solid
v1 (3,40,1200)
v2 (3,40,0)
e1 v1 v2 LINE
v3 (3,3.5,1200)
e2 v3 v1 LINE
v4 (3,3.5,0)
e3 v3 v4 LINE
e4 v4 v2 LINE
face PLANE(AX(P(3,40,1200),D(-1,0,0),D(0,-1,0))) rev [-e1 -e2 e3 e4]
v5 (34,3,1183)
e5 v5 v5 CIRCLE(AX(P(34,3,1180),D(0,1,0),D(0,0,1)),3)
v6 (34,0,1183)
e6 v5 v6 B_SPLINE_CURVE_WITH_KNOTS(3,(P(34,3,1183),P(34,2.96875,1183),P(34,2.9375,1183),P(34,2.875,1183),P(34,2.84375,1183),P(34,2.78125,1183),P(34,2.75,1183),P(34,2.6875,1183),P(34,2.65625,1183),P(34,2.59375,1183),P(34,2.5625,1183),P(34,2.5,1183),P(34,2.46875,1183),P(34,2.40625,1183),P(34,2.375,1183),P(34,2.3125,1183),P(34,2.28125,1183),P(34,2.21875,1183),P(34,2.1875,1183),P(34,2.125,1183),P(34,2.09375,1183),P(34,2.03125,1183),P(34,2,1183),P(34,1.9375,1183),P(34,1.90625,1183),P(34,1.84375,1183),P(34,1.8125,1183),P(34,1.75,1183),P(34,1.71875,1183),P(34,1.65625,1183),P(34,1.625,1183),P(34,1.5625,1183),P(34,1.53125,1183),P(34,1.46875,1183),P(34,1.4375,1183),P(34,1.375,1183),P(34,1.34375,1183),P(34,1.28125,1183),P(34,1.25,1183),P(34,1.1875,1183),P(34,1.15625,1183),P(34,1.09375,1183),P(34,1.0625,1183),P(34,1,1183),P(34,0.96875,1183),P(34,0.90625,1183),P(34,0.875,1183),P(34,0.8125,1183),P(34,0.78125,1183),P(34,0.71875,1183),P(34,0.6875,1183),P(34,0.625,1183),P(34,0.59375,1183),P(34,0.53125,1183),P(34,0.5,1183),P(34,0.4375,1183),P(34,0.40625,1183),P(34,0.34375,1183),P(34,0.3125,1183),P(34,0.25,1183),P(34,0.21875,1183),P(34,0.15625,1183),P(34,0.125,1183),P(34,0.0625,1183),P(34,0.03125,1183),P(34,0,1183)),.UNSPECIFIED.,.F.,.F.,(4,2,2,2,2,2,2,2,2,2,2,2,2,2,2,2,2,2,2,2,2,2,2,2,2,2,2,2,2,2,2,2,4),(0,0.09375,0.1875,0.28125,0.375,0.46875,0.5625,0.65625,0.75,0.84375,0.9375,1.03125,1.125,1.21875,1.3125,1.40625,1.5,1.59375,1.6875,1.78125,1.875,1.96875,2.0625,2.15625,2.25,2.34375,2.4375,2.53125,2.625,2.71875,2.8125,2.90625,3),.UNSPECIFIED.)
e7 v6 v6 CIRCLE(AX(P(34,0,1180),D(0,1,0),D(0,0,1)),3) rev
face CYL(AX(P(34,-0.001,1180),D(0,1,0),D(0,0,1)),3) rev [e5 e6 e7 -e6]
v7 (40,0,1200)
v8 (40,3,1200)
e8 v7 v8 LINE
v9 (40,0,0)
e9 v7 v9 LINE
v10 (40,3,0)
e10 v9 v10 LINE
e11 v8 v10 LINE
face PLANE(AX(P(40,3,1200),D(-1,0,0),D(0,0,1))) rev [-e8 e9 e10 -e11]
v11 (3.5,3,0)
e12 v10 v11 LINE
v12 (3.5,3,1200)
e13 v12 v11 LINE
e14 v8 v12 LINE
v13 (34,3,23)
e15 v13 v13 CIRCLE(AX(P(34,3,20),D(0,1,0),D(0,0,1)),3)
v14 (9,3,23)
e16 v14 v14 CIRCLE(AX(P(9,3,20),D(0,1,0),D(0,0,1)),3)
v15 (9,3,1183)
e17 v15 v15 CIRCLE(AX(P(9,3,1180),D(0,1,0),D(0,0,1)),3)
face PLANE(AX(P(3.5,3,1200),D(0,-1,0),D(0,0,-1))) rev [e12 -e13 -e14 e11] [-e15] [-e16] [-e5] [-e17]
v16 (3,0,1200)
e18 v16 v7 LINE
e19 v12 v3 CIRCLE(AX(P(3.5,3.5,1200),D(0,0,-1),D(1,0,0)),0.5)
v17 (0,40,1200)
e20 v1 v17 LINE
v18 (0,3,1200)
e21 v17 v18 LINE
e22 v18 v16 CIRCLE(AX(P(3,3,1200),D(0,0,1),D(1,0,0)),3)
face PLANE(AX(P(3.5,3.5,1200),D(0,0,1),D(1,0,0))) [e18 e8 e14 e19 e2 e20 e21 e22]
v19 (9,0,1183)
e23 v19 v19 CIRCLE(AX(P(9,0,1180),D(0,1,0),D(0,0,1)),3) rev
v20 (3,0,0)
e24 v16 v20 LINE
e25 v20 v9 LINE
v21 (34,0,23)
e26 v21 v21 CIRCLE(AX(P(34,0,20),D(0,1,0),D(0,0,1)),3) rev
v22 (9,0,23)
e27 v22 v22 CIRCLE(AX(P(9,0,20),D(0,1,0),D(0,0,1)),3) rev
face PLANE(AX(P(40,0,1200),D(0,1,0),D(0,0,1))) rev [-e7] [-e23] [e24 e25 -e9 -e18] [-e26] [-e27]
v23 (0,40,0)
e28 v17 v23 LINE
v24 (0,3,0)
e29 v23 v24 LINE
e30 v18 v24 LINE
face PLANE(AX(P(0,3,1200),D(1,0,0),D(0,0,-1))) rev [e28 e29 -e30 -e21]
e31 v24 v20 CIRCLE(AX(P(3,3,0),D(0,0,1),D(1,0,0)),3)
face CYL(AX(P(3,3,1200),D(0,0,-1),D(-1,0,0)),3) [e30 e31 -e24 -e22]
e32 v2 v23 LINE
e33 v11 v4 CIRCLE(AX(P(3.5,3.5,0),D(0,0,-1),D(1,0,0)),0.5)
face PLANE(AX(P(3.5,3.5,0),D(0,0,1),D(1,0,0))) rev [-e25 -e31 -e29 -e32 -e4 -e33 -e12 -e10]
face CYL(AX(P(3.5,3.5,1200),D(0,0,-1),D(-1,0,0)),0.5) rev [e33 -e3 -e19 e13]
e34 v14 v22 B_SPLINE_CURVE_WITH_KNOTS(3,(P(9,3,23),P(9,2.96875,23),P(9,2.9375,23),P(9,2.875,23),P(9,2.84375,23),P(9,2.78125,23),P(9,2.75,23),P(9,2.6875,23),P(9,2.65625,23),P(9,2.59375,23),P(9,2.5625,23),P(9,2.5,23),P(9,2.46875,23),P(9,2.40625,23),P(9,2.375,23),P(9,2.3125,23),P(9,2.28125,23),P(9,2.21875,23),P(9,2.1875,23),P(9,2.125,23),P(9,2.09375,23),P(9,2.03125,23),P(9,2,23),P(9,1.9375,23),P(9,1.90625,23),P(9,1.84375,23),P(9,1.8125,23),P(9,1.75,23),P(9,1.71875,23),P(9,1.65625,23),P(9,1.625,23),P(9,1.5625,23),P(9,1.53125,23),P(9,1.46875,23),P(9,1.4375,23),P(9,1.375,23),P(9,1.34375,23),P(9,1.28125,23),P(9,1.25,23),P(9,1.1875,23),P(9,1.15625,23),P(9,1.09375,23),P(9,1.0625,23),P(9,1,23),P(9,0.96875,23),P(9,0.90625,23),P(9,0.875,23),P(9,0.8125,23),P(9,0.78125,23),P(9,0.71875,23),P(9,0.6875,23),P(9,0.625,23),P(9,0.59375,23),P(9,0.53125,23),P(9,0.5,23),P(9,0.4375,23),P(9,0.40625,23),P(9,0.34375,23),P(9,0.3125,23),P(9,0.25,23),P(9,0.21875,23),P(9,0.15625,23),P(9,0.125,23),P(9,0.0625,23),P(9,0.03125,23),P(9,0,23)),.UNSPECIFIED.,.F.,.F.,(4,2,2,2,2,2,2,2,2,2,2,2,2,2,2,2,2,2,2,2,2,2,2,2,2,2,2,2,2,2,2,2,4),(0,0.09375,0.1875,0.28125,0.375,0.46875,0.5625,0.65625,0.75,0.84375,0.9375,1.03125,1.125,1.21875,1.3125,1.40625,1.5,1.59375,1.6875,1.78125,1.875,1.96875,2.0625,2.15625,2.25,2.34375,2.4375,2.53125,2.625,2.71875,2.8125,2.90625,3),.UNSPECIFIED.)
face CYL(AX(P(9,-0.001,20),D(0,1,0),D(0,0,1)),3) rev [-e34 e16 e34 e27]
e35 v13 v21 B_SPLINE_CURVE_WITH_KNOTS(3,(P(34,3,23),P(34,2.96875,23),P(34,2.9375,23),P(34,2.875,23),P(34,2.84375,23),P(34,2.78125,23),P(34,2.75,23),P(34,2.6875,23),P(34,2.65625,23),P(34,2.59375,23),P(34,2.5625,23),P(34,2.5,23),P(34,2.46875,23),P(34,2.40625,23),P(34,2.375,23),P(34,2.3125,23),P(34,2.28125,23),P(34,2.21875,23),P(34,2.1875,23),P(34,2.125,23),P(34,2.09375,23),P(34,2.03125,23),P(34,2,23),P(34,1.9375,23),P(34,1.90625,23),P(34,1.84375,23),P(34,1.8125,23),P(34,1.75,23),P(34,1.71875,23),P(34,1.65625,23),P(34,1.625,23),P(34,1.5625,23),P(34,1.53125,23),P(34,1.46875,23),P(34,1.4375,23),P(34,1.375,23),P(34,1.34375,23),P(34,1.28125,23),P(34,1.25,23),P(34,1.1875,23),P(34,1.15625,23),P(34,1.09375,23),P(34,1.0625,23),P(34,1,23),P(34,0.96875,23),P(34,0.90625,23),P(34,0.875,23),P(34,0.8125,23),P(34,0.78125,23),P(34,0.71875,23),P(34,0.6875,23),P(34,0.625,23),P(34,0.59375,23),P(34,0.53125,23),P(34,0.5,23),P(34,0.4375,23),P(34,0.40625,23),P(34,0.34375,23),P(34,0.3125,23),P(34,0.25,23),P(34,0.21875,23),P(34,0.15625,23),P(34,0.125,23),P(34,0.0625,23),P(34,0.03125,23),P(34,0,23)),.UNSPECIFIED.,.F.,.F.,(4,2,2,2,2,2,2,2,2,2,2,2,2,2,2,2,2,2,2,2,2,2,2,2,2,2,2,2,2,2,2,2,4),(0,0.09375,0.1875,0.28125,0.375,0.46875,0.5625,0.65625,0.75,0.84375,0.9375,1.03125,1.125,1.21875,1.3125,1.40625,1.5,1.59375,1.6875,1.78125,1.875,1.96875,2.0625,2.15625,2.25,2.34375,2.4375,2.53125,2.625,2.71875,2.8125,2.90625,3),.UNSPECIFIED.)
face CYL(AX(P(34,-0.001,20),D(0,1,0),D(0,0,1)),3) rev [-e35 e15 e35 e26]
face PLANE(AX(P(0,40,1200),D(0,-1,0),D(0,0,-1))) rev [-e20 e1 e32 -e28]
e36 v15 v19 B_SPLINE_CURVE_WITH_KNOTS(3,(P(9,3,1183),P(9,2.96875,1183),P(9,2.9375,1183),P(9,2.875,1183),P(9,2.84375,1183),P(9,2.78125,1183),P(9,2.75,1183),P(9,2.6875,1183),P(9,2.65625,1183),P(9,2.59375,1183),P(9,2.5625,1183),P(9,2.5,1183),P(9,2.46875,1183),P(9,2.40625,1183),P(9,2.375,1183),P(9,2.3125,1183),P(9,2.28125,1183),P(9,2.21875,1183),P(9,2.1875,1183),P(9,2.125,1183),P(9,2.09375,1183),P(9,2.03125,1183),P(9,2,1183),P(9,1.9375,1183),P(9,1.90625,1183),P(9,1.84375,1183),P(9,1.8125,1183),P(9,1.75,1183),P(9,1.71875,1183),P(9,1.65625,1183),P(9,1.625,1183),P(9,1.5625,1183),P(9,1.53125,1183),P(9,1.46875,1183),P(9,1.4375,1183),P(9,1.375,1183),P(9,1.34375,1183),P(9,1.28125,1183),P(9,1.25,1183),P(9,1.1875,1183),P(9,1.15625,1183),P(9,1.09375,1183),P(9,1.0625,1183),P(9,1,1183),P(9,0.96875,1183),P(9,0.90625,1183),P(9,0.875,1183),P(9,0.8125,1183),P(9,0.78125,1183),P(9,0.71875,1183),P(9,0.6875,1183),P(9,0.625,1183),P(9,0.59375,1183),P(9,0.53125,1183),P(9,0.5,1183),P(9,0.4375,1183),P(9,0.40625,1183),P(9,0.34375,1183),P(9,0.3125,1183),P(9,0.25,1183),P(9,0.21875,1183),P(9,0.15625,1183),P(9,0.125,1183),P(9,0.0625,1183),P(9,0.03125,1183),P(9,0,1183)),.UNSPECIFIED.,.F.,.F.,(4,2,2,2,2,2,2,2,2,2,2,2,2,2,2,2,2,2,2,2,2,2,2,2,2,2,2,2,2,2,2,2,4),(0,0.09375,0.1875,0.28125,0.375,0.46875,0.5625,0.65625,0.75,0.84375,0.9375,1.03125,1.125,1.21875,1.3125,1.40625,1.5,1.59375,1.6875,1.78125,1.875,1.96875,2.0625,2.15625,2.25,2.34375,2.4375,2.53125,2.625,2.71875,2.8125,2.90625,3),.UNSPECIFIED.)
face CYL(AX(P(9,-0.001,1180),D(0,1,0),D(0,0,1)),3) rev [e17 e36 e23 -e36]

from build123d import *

# Parameters (mm, degrees)
BOSS_EXTRUDE1_DEPTH = 1200
CUT_EXTRUDE1_REACH  = 1203.236
SKETCH2_R           = 3


with BuildPart() as part:
    # Sketch1 → Boss-Extrude1 (new body)
    with BuildSketch(Plane.XY):
        with BuildLine():
            Line((0, 3), (0, 40))
            Line((0, 40), (3, 40))
            Line((3, 40), (3, 3.5))
            ThreePointArc((3, 3.5), (3.146446609, 3.146446609), (3.5, 3))
            Line((3.5, 3), (40, 3))
            Line((40, 3), (40, 0))
            Line((40, 0), (3, 0))
            ThreePointArc((3, 0), (0.878679656, 0.878679656), (0, 3))
        make_face()
    extrude(amount=BOSS_EXTRUDE1_DEPTH)

    # Sketch2 → Cut-Extrude1 (cut, up to next)
    with BuildSketch(Plane(origin=(0, 3, 0), x_dir=(1, 0, 0), z_dir=(0, 1, 0)), mode=Mode.PRIVATE) as cut_extrude1_sk1:
        with Locations(Location((9, -1180, 0), (0, 0, 270))):
            Circle(SKETCH2_R)
    cut_extrude1_tool1 = extrude(cut_extrude1_sk1.sketch, amount=-CUT_EXTRUDE1_REACH, mode=Mode.PRIVATE) & part.part
    # Sketch2 → Cut-Extrude1 (cut, up to next)
    with BuildSketch(Plane(origin=(0, 3, 0), x_dir=(1, 0, 0), z_dir=(0, 1, 0)), mode=Mode.PRIVATE) as cut_extrude1_sk2:
        with Locations(Location((34, -1180, 0), (0, 0, 270))):
            Circle(SKETCH2_R)
    cut_extrude1_tool2 = extrude(cut_extrude1_sk2.sketch, amount=-CUT_EXTRUDE1_REACH, mode=Mode.PRIVATE) & part.part
    # Sketch2 → Cut-Extrude1 (cut, up to next)
    with BuildSketch(Plane(origin=(0, 3, 0), x_dir=(1, 0, 0), z_dir=(0, 1, 0)), mode=Mode.PRIVATE) as cut_extrude1_sk3:
        with Locations(Location((9, -20, 0), (0, 0, 270))):
            Circle(SKETCH2_R)
    cut_extrude1_tool3 = extrude(cut_extrude1_sk3.sketch, amount=-CUT_EXTRUDE1_REACH, mode=Mode.PRIVATE) & part.part
    # Sketch2 → Cut-Extrude1 (cut, up to next)
    with BuildSketch(Plane(origin=(0, 3, 0), x_dir=(1, 0, 0), z_dir=(0, 1, 0)), mode=Mode.PRIVATE) as cut_extrude1_sk4:
        with Locations(Location((34, -20, 0), (0, 0, 270))):
            Circle(SKETCH2_R)
    cut_extrude1_tool4 = extrude(cut_extrude1_sk4.sketch, amount=-CUT_EXTRUDE1_REACH, mode=Mode.PRIVATE) & part.part
    add(cut_extrude1_tool1.solids().sort_by_distance((9, 3, 1180))[0], mode=Mode.SUBTRACT)
    add(cut_extrude1_tool2.solids().sort_by_distance((34, 3, 1180))[0], mode=Mode.SUBTRACT)
    add(cut_extrude1_tool3.solids().sort_by_distance((9, 3, 20))[0], mode=Mode.SUBTRACT)
    add(cut_extrude1_tool4.solids().sort_by_distance((34, 3, 20))[0], mode=Mode.SUBTRACT)


solid = part.part
